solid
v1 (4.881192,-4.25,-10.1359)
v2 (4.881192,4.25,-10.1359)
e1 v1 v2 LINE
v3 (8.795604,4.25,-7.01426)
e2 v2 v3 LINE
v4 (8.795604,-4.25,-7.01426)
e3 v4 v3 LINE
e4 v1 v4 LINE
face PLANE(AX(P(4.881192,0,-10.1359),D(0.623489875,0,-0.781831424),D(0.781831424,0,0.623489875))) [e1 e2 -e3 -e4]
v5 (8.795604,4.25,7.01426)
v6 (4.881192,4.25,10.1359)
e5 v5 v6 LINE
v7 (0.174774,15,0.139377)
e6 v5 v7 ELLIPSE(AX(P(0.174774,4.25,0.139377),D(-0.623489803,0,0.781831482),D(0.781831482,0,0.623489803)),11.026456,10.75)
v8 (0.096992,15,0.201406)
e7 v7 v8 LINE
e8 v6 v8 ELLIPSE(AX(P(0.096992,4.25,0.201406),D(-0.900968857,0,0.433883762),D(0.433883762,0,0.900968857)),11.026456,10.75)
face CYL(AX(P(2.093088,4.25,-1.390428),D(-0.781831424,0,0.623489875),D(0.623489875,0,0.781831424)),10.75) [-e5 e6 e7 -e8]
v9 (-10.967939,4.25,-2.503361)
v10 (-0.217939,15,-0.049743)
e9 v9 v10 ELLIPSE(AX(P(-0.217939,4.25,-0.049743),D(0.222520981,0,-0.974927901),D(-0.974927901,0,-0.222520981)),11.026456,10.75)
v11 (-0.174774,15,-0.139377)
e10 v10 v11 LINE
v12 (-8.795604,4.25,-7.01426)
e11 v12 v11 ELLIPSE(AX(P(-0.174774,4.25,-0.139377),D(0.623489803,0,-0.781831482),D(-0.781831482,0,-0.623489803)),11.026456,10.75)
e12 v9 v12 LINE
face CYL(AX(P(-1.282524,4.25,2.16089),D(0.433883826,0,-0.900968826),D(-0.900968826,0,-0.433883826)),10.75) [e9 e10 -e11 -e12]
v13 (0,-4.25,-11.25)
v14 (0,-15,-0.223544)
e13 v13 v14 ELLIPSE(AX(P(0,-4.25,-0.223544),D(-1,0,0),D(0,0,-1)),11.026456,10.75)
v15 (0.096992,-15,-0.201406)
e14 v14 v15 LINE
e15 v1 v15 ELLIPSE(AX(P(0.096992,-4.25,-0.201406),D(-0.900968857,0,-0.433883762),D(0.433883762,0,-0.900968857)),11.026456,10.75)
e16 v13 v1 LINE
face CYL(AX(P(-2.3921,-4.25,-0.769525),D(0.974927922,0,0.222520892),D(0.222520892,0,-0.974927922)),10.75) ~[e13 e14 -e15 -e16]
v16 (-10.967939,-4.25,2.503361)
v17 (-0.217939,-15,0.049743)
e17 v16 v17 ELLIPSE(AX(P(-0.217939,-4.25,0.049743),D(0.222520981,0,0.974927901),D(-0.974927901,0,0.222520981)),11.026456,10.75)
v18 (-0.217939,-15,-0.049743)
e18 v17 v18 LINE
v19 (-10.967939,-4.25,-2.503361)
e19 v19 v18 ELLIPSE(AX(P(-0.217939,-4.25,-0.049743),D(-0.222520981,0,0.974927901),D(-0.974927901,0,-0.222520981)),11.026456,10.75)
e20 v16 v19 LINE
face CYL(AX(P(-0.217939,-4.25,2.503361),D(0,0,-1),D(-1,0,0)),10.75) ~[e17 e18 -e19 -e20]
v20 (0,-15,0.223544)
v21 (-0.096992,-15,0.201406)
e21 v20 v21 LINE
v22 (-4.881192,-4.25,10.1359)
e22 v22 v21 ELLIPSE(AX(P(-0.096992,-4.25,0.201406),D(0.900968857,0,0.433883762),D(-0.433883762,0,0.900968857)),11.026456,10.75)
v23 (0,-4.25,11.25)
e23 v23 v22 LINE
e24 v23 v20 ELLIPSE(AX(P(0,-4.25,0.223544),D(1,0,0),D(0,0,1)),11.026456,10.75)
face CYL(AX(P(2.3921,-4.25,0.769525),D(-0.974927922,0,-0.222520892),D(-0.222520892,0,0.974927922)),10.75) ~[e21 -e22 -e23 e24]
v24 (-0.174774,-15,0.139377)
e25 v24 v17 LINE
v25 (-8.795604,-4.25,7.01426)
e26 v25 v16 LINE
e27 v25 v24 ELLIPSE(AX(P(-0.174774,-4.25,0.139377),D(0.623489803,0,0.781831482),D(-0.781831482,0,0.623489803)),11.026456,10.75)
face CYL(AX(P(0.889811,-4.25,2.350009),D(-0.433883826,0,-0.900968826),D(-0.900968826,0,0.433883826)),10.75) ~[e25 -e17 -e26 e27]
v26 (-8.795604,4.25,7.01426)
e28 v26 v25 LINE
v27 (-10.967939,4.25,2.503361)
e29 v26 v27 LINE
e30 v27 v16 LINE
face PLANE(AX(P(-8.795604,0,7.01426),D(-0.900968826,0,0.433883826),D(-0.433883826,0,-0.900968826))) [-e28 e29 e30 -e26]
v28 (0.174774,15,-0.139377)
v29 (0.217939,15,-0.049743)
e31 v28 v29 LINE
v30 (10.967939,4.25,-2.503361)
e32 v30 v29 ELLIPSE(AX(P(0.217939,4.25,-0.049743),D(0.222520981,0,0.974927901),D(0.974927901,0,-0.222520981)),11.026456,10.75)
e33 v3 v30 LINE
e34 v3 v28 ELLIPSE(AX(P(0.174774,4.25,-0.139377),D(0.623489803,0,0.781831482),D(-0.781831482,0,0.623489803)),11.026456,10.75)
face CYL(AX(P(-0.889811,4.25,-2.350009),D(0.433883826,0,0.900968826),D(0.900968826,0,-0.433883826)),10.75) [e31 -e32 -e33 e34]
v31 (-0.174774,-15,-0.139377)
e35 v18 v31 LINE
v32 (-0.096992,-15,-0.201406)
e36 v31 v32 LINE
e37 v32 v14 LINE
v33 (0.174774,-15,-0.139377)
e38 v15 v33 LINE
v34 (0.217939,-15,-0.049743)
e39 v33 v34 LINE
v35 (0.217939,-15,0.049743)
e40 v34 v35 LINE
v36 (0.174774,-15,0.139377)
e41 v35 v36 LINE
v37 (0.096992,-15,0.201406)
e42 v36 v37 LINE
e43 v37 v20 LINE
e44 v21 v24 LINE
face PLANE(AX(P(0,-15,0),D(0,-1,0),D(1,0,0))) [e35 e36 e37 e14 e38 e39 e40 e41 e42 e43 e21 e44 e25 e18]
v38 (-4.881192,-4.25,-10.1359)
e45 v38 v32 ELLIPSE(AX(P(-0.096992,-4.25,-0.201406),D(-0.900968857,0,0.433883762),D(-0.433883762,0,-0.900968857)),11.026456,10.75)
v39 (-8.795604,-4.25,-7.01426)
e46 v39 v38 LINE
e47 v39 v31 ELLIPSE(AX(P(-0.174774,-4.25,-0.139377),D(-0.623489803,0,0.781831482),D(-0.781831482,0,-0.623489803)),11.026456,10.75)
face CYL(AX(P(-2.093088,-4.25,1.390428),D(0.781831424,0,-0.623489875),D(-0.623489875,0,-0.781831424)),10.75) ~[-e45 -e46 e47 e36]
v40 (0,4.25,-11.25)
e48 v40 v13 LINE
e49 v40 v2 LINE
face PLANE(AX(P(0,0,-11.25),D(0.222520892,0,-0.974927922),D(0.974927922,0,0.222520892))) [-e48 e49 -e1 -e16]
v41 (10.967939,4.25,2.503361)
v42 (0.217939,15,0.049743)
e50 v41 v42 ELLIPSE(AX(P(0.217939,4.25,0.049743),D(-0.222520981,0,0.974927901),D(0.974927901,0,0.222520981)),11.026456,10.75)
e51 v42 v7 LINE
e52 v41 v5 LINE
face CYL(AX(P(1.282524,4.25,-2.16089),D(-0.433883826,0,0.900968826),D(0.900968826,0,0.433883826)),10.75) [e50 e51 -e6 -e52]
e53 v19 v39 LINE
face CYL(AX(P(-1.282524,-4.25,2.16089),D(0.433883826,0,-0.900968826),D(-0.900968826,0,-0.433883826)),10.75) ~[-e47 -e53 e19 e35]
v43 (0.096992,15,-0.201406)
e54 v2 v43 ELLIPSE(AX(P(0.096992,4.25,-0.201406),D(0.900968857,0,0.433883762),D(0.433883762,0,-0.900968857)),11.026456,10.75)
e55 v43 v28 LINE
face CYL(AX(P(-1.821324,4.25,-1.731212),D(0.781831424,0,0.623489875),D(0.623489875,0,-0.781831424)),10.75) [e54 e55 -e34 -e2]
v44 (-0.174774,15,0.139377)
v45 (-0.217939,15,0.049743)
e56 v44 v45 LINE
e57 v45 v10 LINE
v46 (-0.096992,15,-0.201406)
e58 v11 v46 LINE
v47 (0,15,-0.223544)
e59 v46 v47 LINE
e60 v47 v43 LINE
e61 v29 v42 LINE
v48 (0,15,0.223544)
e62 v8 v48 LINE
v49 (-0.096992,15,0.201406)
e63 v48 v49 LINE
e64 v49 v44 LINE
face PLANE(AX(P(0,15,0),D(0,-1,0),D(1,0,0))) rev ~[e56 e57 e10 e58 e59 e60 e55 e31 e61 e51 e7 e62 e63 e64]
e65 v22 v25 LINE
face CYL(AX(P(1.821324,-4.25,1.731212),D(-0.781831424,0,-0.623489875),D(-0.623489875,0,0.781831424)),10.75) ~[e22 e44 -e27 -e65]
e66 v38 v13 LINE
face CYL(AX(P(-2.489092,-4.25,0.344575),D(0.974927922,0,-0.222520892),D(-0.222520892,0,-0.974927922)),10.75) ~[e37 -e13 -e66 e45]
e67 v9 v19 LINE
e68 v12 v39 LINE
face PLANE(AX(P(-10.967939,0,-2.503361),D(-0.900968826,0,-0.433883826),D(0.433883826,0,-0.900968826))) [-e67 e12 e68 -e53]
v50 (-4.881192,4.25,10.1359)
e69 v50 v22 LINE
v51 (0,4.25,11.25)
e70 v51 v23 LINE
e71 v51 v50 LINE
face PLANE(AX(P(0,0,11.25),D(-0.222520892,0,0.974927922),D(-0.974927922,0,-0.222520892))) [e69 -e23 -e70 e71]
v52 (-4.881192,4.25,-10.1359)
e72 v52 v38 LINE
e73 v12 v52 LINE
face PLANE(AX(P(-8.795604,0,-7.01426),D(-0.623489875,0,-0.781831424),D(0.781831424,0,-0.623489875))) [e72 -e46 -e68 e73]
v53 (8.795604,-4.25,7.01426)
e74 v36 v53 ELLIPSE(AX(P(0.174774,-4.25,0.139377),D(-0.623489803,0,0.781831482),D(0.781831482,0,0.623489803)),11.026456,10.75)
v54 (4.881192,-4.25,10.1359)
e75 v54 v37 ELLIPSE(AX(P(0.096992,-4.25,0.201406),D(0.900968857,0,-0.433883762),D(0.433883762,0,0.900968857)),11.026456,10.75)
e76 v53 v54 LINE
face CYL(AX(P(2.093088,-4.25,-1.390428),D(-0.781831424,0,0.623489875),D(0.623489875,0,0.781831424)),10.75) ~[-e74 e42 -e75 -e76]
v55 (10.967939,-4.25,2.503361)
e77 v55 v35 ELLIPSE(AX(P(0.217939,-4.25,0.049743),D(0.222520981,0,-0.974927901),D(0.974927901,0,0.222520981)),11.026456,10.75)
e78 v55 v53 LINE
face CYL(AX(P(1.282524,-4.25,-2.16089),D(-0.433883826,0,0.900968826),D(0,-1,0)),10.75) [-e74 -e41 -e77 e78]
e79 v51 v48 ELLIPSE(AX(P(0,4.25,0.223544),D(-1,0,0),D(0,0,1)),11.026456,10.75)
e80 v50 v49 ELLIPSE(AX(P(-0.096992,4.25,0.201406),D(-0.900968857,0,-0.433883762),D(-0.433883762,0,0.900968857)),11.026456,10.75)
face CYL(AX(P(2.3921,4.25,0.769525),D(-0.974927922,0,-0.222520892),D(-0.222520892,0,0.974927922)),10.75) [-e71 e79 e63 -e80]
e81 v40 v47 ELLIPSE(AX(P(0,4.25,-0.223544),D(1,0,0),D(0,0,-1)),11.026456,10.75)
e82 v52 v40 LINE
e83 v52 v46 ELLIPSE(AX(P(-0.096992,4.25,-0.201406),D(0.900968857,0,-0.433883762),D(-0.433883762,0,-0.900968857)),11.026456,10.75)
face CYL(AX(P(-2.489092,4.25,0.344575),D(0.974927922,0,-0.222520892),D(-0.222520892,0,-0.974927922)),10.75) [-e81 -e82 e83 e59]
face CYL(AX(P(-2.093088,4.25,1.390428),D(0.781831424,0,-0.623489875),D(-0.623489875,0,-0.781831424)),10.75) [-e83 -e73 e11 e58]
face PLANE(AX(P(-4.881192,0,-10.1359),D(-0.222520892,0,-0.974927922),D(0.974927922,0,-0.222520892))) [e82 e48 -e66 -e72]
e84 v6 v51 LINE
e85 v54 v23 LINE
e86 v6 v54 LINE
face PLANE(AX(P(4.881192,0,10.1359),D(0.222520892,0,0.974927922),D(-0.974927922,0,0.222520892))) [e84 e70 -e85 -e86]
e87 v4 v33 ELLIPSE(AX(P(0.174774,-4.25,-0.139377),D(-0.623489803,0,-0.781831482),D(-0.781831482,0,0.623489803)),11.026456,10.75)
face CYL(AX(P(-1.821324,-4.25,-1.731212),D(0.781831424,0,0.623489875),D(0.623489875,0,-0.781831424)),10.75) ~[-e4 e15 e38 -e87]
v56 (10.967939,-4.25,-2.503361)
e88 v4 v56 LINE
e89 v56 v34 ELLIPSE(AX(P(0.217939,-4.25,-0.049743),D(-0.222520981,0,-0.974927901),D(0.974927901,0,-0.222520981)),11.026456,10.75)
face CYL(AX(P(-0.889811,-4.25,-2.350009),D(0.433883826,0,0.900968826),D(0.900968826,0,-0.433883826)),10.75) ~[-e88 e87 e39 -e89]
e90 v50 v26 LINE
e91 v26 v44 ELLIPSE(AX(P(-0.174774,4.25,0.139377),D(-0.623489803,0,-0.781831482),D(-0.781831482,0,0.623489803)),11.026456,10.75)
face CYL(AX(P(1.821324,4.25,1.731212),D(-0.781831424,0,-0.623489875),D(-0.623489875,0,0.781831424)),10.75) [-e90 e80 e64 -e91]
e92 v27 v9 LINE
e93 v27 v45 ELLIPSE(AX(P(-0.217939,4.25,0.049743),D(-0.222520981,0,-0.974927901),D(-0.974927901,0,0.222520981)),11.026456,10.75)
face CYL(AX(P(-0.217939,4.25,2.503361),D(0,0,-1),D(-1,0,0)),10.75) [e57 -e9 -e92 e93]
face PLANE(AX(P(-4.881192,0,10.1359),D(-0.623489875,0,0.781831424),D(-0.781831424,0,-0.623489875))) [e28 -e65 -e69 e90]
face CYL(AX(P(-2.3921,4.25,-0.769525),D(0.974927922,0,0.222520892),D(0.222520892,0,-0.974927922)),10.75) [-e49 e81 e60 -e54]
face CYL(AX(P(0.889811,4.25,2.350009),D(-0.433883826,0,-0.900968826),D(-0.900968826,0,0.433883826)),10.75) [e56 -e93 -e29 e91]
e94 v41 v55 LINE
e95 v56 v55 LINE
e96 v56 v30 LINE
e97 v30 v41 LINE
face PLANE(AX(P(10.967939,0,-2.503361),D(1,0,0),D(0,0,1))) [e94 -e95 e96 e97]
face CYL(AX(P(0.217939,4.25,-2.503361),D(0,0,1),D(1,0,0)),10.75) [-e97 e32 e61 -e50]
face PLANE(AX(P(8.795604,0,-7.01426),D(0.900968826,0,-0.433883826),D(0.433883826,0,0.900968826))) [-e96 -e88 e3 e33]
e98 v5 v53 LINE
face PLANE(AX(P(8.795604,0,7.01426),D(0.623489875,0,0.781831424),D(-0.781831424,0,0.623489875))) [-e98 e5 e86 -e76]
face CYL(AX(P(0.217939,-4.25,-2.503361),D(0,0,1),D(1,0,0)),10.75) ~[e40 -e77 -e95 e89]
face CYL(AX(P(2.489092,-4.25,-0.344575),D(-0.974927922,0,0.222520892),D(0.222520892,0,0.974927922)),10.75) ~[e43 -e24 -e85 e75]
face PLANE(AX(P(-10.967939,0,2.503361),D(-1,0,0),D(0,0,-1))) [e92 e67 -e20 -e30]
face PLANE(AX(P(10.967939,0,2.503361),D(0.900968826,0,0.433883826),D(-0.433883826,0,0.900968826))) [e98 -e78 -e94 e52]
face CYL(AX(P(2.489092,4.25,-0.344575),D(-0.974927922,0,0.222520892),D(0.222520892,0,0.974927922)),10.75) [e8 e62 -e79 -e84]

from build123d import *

# Parameters (mm, degrees)
F1_DEPTH      = 15
F1_DEPTH_BACK = 15
F2_R          = 10.75


with BuildPart() as f1:
    # F0 (on Front) → F1 (new body, two sides)
    with BuildSketch(Plane.XZ) as f1_sk:
        Polygon((10.967939, -2.503361), (10.967939, 2.503361), (8.795604, 7.01426), (4.881192, 10.1359), (0, 11.25), (-4.881192, 10.1359), (-8.795604, 7.01426), (-10.967939, 2.503361), (-10.967939, -2.503361), (-8.795604, -7.01426), (-4.881192, -10.1359), (0, -11.25), (4.881192, -10.1359), (8.795604, -7.01426), align=None)
    extrude(amount=F1_DEPTH)
    extrude(f1_sk.sketch, amount=-F1_DEPTH_BACK)

    # F2
    f2_edges = [f1.edges().sort_by_distance(p)[0] for p in [
        (9.881772, -15, -4.75881),
        (10.967939, -15, 0),
        (9.881772, -15, 4.75881),
        (6.838398, -15, 8.57508),
        (2.440596, -15, 10.69295),
        (-2.440596, -15, 10.69295),
        (-6.838398, -15, 8.57508),
        (-9.881772, -15, 4.75881),
        (-10.967939, -15, 0),
        (-9.881772, -15, -4.75881),
        (-6.838398, -15, -8.57508),
        (-2.440596, -15, -10.69295),
        (2.440596, -15, -10.69295),
        (6.838398, -15, -8.57508),
        (9.881772, 15, -4.75881),
        (10.967939, 15, 0),
        (9.881772, 15, 4.75881),
        (6.838398, 15, 8.57508),
        (2.440596, 15, 10.69295),
        (-2.440596, 15, 10.69295),
        (-6.838398, 15, 8.57508),
        (-9.881772, 15, 4.75881),
        (-10.967939, 15, 0),
        (-9.881772, 15, -4.75881),
        (-6.838398, 15, -8.57508),
        (-2.440596, 15, -10.69295),
        (2.440596, 15, -10.69295),
        (6.838398, 15, -8.57508),
    ]]
    fillet(f2_edges, radius=F2_R)


solid = f1.part
